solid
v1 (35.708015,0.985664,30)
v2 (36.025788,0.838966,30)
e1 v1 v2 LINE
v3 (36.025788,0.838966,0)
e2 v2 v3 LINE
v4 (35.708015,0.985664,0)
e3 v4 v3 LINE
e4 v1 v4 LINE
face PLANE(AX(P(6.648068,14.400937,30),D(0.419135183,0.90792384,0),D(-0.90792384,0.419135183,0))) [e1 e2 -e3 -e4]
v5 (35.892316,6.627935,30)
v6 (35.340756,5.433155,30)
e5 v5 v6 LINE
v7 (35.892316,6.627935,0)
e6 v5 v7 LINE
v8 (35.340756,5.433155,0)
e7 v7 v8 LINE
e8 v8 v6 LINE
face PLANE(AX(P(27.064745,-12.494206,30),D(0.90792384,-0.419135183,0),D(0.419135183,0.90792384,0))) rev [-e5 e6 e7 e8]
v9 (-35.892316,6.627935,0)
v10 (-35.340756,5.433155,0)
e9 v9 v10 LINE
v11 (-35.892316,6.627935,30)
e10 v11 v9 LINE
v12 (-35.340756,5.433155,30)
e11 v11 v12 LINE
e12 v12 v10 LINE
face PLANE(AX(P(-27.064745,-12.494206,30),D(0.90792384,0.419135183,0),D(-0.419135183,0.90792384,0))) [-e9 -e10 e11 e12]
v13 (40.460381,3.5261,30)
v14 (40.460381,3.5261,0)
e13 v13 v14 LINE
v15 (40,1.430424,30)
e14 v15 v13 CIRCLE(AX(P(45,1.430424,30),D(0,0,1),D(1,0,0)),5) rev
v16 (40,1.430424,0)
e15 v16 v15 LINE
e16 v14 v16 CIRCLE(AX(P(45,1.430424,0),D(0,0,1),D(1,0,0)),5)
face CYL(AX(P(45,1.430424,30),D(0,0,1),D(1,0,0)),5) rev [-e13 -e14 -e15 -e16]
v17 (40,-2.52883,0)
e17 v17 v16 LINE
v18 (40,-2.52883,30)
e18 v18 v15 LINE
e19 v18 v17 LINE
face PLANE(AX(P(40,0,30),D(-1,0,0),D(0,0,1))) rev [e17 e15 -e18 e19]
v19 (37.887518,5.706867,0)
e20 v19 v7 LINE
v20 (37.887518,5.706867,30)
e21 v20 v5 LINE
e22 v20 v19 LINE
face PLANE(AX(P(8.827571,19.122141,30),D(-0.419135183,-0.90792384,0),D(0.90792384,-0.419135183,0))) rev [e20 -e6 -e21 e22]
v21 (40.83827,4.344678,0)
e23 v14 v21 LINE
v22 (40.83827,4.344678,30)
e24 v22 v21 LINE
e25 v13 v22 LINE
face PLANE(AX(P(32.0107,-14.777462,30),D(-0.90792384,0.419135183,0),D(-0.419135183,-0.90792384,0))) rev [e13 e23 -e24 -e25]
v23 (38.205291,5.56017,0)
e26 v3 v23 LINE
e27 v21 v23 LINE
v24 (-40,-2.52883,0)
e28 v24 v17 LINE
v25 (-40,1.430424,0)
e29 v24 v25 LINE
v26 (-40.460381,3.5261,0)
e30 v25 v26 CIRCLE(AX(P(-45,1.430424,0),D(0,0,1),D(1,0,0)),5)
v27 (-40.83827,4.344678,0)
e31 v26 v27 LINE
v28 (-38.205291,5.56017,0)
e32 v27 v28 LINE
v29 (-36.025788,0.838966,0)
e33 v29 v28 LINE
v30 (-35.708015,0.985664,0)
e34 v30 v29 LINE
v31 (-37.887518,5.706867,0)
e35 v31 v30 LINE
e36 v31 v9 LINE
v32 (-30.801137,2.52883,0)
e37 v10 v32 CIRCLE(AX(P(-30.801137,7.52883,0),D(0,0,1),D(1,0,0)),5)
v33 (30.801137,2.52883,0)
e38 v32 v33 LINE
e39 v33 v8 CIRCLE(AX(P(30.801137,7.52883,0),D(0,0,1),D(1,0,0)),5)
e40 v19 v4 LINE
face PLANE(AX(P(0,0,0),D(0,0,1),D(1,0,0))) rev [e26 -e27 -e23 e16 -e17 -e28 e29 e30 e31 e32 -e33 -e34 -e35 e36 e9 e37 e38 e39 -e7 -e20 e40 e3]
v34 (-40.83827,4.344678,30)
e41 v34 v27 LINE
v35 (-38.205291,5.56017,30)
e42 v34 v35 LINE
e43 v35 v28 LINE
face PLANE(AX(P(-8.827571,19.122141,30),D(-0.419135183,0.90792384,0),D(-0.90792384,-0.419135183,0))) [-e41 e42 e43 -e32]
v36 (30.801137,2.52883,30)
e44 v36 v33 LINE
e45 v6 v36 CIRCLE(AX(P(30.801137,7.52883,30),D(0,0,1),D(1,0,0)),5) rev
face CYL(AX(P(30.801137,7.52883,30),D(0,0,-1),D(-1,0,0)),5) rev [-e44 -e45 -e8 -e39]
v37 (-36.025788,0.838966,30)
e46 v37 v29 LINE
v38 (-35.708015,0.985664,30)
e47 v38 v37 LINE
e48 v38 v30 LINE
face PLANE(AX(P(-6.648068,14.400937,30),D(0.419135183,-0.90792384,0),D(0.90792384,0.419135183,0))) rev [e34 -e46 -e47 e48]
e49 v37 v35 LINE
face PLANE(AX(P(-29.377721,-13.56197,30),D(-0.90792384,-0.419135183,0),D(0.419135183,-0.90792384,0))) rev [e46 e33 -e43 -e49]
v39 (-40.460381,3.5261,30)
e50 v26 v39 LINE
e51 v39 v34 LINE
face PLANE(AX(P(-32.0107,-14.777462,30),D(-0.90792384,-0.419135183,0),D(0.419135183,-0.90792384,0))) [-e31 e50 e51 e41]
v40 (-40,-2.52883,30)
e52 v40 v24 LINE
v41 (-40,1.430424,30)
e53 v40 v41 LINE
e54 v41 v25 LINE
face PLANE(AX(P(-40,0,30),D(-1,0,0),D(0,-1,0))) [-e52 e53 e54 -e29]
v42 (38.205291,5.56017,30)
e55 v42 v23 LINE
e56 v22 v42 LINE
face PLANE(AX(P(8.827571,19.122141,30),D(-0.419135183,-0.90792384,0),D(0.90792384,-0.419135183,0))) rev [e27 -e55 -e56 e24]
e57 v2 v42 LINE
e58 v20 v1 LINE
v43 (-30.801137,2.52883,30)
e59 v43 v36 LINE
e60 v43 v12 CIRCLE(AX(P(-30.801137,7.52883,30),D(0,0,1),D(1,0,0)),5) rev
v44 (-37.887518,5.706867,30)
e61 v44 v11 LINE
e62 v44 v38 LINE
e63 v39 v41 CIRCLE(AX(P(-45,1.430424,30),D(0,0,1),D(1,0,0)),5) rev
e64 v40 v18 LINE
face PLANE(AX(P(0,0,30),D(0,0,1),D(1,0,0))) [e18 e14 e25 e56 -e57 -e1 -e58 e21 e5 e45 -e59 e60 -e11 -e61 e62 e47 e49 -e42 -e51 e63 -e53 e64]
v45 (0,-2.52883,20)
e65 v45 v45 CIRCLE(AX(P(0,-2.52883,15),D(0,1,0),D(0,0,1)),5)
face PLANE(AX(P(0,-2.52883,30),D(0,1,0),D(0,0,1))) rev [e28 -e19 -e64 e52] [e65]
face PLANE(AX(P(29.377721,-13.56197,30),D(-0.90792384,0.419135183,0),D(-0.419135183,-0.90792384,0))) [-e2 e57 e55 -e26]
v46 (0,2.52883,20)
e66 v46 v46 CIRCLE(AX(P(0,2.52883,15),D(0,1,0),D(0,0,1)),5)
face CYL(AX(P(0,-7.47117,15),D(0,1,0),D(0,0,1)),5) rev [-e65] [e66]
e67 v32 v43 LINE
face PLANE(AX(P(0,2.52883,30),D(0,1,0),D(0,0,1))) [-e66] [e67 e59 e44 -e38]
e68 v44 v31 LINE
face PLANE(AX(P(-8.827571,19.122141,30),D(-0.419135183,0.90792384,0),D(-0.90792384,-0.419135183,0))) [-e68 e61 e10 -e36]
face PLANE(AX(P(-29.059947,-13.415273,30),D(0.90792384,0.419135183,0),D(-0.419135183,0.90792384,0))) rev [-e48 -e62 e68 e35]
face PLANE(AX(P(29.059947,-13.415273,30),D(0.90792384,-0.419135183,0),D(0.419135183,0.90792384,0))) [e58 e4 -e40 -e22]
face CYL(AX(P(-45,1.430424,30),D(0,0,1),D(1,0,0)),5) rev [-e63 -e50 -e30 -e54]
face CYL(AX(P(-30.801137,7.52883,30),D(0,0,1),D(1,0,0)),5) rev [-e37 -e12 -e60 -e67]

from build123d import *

# Parameters (mm, degrees)
BOSS_EXTRUDE1_DEPTH = 30
FILLET1_R           = 5
SKETCH2_R           = 5
CUT_EXTRUDE1_DEPTH  = 10


with BuildPart() as part:
    # Sketch1 → Boss-Extrude1 (new body)
    with BuildSketch(Plane.XY):
        Polygon((40, -2.528830443), (40, 2.528830443), (36.805899489, 2.528830443), (36.02578828, 0.838966186), (35.708014936, 0.9856635), (36.4204046, 2.528830443), (34, 2.528830443), (-34, 2.528830443), (-36.4204046, 2.528830443), (-35.708014936, 0.9856635), (-36.02578828, 0.838966186), (-36.805899489, 2.528830443), (-40, 2.528830443), (-40, -2.528830443), align=None)
        Polygon((-40.838270366, 4.344678122), (-40, 2.528830443), (-36.805899489, 2.528830443), (-38.205291231, 5.560170152), align=None)
        Polygon((-36.4204046, 2.528830443), (-34, 2.528830443), (-35.892316174, 6.627935069), (-37.887517887, 5.706867466), align=None)
        Polygon((34, 2.528830443), (36.4204046, 2.528830443), (37.887517887, 5.706867466), (35.892316174, 6.627935069), align=None)
        Polygon((36.805899489, 2.528830443), (40, 2.528830443), (40.838270366, 4.344678122), (38.205291231, 5.560170152), align=None)
    extrude(amount=BOSS_EXTRUDE1_DEPTH)

    # Fillet1
    fillet1_edges = [part.edges().sort_by_distance(p)[0] for p in [
        (34, 2.528830443, 15),
        (40, 2.528830443, 15),
        (-40, 2.528830443, 15),
        (-34, 2.528830443, 15),
    ]]
    fillet(fillet1_edges, radius=FILLET1_R)

    # Sketch2 → Cut-Extrude1 (cut)
    with BuildSketch(Plane(origin=(0, 2.528830443, 0), x_dir=(1, 0, 0), z_dir=(0, 1, 0))):
        with Locations((0, -15)):
            Circle(SKETCH2_R)
    extrude(amount=-CUT_EXTRUDE1_DEPTH, mode=Mode.SUBTRACT)


solid = part.part
